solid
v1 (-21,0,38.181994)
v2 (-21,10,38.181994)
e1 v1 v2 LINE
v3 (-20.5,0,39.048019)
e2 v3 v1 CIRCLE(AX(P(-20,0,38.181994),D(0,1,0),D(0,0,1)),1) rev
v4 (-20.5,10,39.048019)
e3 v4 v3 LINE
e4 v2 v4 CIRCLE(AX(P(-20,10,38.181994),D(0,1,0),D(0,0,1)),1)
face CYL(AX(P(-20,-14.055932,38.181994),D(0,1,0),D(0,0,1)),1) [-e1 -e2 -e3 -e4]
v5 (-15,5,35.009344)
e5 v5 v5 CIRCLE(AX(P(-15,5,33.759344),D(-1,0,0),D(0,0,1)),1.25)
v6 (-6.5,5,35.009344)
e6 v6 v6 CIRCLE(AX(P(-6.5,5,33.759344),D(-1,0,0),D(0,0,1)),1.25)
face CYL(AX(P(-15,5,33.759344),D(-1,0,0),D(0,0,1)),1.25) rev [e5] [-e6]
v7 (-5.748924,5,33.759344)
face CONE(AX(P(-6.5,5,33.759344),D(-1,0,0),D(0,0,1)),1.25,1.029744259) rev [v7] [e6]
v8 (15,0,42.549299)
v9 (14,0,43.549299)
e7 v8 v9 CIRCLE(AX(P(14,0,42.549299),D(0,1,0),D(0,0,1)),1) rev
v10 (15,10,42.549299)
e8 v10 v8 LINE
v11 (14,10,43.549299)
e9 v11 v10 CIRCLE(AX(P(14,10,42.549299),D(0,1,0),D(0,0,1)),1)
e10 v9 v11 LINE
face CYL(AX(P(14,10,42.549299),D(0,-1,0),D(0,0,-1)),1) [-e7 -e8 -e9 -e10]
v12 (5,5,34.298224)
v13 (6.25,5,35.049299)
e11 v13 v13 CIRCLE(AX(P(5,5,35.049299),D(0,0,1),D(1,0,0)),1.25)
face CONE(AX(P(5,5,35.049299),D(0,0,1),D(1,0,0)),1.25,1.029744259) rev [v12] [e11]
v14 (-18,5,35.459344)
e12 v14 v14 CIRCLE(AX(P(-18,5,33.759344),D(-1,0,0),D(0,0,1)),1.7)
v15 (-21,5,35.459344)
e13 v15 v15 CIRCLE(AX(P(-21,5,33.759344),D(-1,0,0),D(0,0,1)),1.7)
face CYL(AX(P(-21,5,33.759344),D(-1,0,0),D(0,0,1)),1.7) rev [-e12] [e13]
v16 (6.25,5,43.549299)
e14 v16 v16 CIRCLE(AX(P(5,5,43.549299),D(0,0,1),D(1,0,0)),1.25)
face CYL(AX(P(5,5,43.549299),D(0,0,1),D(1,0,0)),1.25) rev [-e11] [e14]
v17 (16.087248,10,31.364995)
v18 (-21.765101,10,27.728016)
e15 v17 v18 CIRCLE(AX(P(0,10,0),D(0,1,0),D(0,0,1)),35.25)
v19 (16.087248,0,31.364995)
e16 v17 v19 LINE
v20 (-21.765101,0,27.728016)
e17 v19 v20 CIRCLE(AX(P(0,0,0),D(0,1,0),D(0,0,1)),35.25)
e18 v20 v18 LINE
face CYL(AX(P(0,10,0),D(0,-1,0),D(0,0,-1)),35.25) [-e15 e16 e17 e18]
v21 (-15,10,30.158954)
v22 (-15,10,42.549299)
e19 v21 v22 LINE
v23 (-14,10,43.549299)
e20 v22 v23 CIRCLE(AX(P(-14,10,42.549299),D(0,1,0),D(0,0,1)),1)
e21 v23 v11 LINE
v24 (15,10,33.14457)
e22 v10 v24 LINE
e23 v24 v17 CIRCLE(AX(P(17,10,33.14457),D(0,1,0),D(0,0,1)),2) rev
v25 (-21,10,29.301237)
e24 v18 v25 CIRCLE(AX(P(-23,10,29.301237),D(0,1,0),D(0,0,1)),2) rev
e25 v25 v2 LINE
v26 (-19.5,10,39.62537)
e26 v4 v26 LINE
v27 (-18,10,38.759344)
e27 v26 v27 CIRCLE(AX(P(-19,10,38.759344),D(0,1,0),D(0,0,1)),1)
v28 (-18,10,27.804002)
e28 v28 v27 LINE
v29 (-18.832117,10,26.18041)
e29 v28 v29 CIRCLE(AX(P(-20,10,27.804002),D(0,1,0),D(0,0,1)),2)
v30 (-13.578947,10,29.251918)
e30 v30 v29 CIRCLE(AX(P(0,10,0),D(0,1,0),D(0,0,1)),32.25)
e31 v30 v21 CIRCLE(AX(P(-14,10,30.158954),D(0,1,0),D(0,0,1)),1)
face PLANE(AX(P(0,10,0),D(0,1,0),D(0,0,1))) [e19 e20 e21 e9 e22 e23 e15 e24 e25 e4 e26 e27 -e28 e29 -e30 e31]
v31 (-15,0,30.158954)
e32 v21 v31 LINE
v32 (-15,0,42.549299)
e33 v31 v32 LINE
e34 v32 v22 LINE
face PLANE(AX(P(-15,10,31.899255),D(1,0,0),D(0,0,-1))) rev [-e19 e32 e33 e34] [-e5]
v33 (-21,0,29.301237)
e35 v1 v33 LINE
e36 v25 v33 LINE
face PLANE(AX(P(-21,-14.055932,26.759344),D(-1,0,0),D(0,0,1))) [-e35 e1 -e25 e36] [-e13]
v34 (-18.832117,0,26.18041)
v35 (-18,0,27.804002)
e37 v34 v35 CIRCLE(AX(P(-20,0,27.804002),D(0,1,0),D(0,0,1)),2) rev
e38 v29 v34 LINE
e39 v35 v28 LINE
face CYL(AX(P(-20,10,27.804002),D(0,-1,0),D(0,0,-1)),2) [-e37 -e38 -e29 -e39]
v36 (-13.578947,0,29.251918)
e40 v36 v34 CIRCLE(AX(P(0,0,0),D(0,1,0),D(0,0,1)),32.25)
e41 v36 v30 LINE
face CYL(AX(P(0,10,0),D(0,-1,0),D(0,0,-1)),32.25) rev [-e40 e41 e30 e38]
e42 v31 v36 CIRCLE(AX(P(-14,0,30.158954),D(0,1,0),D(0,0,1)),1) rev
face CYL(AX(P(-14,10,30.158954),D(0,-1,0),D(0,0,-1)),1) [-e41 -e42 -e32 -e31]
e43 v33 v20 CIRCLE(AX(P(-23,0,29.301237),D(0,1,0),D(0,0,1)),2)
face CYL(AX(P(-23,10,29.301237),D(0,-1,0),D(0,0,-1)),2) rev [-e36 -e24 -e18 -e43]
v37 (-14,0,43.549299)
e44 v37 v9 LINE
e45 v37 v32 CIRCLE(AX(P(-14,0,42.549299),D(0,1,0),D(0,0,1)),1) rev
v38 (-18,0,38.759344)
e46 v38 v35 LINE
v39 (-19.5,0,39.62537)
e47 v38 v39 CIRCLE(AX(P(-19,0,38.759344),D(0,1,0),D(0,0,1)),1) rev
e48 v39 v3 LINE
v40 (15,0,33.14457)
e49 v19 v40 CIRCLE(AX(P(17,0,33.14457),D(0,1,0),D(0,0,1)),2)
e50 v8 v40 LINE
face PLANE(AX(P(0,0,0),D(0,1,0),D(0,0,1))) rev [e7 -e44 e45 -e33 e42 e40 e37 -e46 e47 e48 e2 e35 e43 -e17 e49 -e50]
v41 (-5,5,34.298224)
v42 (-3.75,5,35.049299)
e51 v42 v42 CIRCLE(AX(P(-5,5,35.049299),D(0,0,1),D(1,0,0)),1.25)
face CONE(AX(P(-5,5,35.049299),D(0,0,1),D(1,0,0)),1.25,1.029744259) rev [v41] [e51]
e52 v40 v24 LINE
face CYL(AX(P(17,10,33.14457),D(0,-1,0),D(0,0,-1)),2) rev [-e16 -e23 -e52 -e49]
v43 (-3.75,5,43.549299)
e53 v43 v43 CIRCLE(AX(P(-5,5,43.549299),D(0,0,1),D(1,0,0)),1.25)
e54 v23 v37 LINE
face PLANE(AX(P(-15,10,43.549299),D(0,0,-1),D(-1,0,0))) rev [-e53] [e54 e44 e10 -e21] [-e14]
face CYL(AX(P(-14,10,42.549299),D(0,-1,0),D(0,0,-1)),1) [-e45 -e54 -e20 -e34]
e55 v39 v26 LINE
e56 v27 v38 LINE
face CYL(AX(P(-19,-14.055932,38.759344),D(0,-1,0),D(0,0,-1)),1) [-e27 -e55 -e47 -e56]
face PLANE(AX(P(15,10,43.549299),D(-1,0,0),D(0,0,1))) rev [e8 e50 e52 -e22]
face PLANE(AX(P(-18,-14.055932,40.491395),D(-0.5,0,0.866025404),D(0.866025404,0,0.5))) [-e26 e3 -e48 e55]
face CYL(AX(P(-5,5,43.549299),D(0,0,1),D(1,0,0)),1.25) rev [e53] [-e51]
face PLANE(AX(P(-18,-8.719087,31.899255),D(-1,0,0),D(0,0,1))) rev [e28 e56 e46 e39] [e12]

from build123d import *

# Parameters (mm, degrees)
SKETCH_1_R            = 32.25
EXTRUDE_1_DEPTH       = 10
SKETCH_4_W            = 3
SKETCH_4_H            = 8.186725545
CUT_EXTRUDE_2_DEPTH   = 10
EXTRUDE_5_DEPTH       = 10
HOLE_WIZARD_M32_D     = 3.4
HOLE_WIZARD_M32_DEPTH = 3
M3X0_51_D             = 2.5
M3X0_51_DEPTH         = 8.5
M3X0_51_TIP           = 0.751075774
M3X0_52_D             = 2.5
M3X0_52_DEPTH         = 8.5
M3X0_52_TIP           = 0.751075774
FILLET_1_R            = 2
FILLET_2_R            = 1


with BuildPart() as part:
    # Эскиз1 → Бобышка-Вытянуть1 (new body)
    with BuildSketch(Plane(origin=(0, 0, 0), x_dir=(1, 0, 0), z_dir=(0, 1, 0))):
        with BuildLine():
            Line((-15, -31.899255477), (-15, -43.549299466))
            Line((-15, -43.549299466), (15, -43.549299466))
            Line((15, -43.549299466), (15, -31.899255477))
            ThreePointArc((15, -31.899255477), (0, 35.25), (-15, -31.899255477))
        make_face()
        with Locations(Location((0, 0, 0), (0, 0, 270))):
            Circle(SKETCH_1_R, mode=Mode.SUBTRACT)
    extrude(amount=EXTRUDE_1_DEPTH)

    # Эскиз4 → Вырез-Вытянуть2 (cut)
    with BuildSketch(Plane(origin=(0, 10, 0), x_dir=(1, 0, 0), z_dir=(0, 1, 0))):
        with Locations((-16.5, -27.805892705)):
            Rectangle(SKETCH_4_W, SKETCH_4_H)
    extrude(amount=-CUT_EXTRUDE_2_DEPTH, mode=Mode.SUBTRACT)

    # Эскиз11 → Бобышка-Вытянуть5 (add)
    with BuildSketch(Plane(origin=(0, 10, 0), x_dir=(1, 0, 0), z_dir=(0, 1, 0))):
        Polygon((-18, -26.759344162), (-21, -26.759344162), (-21, -38.759344162), (-18, -40.49139497), align=None)
    extrude(amount=-EXTRUDE_5_DEPTH)

    # Отверстие с зазором M32
    with Locations(Plane.ZY.offset(21)):
        with Locations((33.759344162, 5)):
            Hole(HOLE_WIZARD_M32_D / 2, depth=HOLE_WIZARD_M32_DEPTH)

    # Отверстие обработанное метчиком M3x0.51
    with Locations(Plane.ZY.offset(15)):
        with Locations((33.759344162, 5)):
            Hole(M3X0_51_D / 2, depth=M3X0_51_DEPTH)
            with Locations((0, 0, -(M3X0_51_DEPTH + M3X0_51_TIP / 2))):  # 118° drill point
                Cone(0, M3X0_51_D / 2, M3X0_51_TIP, mode=Mode.SUBTRACT)

    # Отверстие обработанное метчиком M3x0.52
    with Locations(Plane.XY.offset(43.549299466)):
        with Locations((-5, 5), (5, 5)):
            Hole(M3X0_52_D / 2, depth=M3X0_52_DEPTH)
            with Locations((0, 0, -(M3X0_52_DEPTH + M3X0_52_TIP / 2))):  # 118° drill point
                Cone(0, M3X0_52_D / 2, M3X0_52_TIP, mode=Mode.SUBTRACT)

    # Скругление1
    fillet_1_edges = [part.edges().sort_by_distance(p)[0] for p in [
        (-18, 5, 26.759344162),
        (-21, 5, 28.311879132),
        (15, 5, 31.899255477),
    ]]
    fillet(fillet_1_edges, radius=FILLET_1_R)

    # Скругление2
    fillet_2_edges = [part.edges().sort_by_distance(p)[0] for p in [
        (-15, 5, 28.549299466),
        (-21, 5, 38.759344162),
        (-18, 5, 40.49139497),
        (-15, 5, 43.549299466),
        (15, 5, 43.549299466),
    ]]
    fillet(fillet_2_edges, radius=FILLET_2_R)


solid = part.part
